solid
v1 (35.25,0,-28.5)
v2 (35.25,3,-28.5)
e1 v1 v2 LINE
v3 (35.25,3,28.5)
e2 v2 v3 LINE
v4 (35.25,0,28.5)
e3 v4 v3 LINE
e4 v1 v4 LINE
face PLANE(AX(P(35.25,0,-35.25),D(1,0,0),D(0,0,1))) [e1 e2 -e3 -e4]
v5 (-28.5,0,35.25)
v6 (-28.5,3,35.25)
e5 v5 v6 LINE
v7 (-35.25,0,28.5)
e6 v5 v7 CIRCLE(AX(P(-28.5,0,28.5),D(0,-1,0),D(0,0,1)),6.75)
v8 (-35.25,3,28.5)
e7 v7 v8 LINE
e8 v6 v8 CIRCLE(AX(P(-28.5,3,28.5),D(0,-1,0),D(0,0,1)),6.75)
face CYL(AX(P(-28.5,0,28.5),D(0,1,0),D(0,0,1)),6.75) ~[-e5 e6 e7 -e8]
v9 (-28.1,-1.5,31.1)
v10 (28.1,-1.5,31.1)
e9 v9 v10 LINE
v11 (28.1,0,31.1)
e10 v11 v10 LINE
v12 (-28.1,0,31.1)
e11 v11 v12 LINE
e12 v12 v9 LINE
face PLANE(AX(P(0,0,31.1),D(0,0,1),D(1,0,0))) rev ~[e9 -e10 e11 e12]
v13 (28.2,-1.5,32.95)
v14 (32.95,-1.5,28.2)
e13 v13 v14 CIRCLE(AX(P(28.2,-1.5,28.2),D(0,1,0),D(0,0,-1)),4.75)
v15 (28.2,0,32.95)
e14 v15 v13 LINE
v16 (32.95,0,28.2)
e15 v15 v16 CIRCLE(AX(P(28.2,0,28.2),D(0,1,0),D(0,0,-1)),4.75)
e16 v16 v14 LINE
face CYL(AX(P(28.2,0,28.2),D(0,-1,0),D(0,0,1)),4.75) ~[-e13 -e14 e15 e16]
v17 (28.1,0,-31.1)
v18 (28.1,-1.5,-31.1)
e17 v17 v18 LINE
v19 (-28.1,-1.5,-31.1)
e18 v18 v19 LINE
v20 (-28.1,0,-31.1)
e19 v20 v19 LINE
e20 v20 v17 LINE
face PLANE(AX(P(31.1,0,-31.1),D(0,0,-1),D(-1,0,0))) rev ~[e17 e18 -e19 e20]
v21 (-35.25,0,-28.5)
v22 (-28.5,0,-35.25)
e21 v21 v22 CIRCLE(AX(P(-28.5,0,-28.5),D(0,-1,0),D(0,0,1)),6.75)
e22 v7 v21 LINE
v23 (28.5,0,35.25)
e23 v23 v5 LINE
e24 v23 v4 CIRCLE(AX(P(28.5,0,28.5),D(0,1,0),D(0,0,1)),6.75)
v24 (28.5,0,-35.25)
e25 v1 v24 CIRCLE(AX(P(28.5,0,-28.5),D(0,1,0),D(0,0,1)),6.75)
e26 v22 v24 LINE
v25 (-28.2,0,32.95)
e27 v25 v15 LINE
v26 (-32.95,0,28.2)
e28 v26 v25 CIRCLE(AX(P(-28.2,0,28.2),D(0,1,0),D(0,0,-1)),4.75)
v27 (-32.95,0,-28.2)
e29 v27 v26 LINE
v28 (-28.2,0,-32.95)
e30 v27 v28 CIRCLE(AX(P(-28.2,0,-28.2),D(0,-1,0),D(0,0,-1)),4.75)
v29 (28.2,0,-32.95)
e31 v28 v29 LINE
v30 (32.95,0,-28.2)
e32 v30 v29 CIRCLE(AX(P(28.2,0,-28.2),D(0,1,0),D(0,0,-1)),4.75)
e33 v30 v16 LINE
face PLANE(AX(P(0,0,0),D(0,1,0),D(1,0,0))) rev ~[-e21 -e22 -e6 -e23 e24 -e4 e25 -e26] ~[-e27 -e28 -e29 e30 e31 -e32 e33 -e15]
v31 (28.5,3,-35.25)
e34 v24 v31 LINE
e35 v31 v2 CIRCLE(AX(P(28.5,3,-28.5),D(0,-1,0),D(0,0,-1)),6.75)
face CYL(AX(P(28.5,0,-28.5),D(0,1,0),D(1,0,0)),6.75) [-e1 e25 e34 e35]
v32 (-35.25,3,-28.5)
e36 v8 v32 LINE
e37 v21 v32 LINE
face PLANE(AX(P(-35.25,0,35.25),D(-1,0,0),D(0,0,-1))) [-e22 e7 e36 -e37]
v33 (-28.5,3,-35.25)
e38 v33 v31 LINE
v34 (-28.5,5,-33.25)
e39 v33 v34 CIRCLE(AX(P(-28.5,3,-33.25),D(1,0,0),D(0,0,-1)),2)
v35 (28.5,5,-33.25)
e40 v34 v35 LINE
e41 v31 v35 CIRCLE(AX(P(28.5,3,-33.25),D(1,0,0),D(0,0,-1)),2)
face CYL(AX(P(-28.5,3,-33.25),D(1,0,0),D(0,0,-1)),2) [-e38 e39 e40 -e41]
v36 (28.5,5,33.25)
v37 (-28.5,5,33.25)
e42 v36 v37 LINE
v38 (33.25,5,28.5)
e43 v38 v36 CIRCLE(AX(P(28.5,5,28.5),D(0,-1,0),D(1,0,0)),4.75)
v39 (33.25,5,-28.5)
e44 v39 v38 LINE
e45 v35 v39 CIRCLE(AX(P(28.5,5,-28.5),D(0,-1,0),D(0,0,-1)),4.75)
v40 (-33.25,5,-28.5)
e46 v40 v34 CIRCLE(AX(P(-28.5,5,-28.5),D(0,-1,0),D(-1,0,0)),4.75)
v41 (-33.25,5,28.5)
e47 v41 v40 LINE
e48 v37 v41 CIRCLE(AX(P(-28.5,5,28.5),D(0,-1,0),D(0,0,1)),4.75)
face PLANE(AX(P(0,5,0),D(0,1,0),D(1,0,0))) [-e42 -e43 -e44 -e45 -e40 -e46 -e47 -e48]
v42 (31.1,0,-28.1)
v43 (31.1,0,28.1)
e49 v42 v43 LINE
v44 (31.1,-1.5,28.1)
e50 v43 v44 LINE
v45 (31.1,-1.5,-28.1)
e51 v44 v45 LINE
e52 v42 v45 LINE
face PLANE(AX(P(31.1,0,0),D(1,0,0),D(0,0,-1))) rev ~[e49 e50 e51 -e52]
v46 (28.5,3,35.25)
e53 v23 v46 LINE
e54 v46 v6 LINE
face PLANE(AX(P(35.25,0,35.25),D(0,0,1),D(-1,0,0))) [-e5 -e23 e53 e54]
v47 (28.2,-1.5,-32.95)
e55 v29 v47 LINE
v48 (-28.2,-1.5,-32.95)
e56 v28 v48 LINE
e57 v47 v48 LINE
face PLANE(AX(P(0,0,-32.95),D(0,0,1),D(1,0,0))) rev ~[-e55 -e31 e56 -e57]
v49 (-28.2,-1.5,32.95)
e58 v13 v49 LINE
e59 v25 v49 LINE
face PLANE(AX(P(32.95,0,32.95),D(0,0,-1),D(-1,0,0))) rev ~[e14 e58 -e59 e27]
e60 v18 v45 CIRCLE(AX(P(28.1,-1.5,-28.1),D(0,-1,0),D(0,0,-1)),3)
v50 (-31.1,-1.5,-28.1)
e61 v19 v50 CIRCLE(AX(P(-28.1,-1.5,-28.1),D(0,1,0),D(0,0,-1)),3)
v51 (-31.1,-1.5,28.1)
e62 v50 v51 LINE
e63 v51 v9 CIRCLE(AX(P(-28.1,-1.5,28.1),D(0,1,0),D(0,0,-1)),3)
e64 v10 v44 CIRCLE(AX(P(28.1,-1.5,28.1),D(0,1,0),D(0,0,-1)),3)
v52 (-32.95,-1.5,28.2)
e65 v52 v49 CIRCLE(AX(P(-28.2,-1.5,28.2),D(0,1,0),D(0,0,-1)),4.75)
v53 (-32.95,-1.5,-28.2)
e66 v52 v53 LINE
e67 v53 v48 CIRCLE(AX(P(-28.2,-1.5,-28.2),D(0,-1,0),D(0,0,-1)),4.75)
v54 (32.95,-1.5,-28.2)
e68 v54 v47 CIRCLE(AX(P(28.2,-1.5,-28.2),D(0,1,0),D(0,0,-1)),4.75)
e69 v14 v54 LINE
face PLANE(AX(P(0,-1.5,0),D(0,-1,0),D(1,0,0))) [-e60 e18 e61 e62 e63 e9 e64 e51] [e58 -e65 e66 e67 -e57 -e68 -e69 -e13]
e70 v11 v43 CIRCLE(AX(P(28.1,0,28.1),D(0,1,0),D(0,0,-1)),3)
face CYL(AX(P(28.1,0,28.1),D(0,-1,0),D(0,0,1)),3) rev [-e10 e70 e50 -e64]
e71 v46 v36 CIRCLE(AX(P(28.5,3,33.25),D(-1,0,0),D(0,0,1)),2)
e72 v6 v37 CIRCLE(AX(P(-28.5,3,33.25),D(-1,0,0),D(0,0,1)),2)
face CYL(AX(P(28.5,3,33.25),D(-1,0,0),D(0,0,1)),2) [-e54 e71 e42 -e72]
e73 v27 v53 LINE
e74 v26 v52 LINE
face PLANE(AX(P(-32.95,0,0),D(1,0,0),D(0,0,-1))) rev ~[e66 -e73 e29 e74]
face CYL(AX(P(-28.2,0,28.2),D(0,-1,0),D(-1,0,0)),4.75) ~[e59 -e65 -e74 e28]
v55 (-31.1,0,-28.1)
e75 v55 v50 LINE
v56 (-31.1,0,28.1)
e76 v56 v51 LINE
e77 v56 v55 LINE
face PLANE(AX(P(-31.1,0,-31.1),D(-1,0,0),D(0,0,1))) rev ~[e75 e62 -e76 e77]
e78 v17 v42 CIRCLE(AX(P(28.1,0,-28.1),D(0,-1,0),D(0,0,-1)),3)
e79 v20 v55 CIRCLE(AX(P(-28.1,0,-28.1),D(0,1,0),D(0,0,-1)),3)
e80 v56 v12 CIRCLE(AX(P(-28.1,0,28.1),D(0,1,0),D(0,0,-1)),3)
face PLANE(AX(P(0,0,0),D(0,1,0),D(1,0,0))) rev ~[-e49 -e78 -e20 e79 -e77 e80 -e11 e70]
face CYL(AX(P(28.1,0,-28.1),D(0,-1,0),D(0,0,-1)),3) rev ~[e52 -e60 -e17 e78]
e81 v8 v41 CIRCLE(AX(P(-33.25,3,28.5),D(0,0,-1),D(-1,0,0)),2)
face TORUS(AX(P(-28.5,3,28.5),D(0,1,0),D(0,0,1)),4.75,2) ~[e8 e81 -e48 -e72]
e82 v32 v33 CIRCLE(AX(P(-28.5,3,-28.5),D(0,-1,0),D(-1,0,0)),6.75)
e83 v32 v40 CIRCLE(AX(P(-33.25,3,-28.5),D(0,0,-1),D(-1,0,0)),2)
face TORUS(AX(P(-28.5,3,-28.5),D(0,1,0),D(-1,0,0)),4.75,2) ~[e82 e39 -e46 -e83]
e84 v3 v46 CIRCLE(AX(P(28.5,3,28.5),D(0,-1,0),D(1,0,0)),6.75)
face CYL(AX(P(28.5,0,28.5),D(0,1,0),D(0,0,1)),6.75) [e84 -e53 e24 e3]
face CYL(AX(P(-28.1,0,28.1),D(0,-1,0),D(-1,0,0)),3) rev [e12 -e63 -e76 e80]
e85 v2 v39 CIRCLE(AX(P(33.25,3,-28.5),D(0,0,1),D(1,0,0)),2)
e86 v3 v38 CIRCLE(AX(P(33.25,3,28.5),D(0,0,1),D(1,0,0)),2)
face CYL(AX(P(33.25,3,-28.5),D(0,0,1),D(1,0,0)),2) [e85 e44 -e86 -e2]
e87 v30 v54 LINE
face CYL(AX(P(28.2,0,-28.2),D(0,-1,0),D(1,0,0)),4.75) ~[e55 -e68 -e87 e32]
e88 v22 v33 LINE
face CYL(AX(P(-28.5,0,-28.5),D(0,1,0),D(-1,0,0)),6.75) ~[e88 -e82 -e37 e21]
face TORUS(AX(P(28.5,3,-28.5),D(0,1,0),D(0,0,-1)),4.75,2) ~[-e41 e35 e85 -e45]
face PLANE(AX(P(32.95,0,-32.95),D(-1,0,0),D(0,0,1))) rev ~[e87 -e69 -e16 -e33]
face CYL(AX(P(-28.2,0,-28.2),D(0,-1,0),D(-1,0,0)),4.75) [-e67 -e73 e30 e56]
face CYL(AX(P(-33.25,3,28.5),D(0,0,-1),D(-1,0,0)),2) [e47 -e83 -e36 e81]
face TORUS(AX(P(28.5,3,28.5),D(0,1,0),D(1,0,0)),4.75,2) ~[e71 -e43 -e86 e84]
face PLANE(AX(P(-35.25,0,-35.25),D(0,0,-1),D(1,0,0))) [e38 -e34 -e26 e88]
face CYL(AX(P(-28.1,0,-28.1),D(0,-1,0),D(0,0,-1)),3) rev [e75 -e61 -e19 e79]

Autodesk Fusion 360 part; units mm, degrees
sketch "Sketch1" plane through (0, 0, 0) normal (0, 1, 0) x (1, 0, 0)
  line L0 (35.25, -35.25) -> (-35.25, -35.25)
  line L1 (-35.25, -35.25) -> (-35.25, 35.25)
  line L2 (-35.25, 35.25) -> (35.25, 35.25)
  line L3 (35.25, 35.25) -> (35.25, -35.25)
  line L4 (35.25, -35.25) -> (-35.25, 35.25) construction
  line L5 (-35.25, -35.25) -> (35.25, 35.25) construction
  dimension "d1" = 70.5
  dimension "d2" = 70.5
extrude "Extrude1" add sketch "Sketch1" along normal blind 5
sketch "Sketch2" plane through (0, 0, 0) normal (0, -1, 0) x (1, 0, 0)
  line L0 (-35.25, -35.25) -> (35.25, -35.25)
  line L1 (35.25, -35.25) -> (35.25, 35.25)
  line L2 (35.25, 35.25) -> (-35.25, 35.25)
  line L3 (-35.25, 35.25) -> (-35.25, -35.25)
  line L4 (32.95, -32.95) -> (32.95, 32.95)
  line L5 (32.95, 32.95) -> (-32.95, 32.95)
  line L6 (-32.95, 32.95) -> (-32.95, -32.95)
  line L7 (-32.95, -32.95) -> (32.95, -32.95)
  line L8 (32.95, 0) -> (30.95, 0)
  line L9 (0, -32.95) -> (0, -30.95)
  line L10 (-32.95, 0) -> (-30.95, 0)
  line L11 (0, 32.95) -> (0, 30.95)
  line L12 (-31.1, 31.1) -> (31.1, 31.1)
  line L13 (31.1, 31.1) -> (31.1, -31.1)
  line L14 (31.1, -31.1) -> (-31.1, -31.1)
  line L15 (-31.1, -31.1) -> (-31.1, 31.1)
  dimension "d5" = -2.3
  dimension "d6" = 2
  dimension "d7" = 2
  dimension "d8" = 2
  dimension "d9" = 2
extrude "Extrude2" add sketch "Sketch2" along normal blind 1.5 contours L4 L7 L8 L9 L13 L14 | L4 L5 L8 L11 L12 L13 | L6 L7 L9 L10 L14 L15 | L5 L6 L10 L11 L12 L15
fillet "Fillet1" radius 4.75 4 edges at (-32.95, -0.75, 32.95) (32.95, -0.75, 32.95) (32.95, -0.75, -32.95) (-32.95, -0.75, -32.95)
fillet "Fillet2" radius 3 4 edges at (31.1, -0.75, 31.1) (-31.1, -0.75, 31.1) (31.1, -0.75, -31.1) (-31.1, -0.75, -31.1)
fillet "Fillet3" radius 6.75 4 edges at (-35.25, 2.5, 35.25) (35.25, 2.5, 35.25) (35.25, 2.5, -35.25) (-35.25, 2.5, -35.25)
fillet "Fillet4" radius 2 8 edges at (-33.273, 5, -33.273) (-35.25, 5, 0) (-33.273, 5, 33.273) (0, 5, 35.25) (33.273, 5, 33.273) (35.25, 5, 0) (33.273, 5, -33.273) (0, 5, -35.25)
